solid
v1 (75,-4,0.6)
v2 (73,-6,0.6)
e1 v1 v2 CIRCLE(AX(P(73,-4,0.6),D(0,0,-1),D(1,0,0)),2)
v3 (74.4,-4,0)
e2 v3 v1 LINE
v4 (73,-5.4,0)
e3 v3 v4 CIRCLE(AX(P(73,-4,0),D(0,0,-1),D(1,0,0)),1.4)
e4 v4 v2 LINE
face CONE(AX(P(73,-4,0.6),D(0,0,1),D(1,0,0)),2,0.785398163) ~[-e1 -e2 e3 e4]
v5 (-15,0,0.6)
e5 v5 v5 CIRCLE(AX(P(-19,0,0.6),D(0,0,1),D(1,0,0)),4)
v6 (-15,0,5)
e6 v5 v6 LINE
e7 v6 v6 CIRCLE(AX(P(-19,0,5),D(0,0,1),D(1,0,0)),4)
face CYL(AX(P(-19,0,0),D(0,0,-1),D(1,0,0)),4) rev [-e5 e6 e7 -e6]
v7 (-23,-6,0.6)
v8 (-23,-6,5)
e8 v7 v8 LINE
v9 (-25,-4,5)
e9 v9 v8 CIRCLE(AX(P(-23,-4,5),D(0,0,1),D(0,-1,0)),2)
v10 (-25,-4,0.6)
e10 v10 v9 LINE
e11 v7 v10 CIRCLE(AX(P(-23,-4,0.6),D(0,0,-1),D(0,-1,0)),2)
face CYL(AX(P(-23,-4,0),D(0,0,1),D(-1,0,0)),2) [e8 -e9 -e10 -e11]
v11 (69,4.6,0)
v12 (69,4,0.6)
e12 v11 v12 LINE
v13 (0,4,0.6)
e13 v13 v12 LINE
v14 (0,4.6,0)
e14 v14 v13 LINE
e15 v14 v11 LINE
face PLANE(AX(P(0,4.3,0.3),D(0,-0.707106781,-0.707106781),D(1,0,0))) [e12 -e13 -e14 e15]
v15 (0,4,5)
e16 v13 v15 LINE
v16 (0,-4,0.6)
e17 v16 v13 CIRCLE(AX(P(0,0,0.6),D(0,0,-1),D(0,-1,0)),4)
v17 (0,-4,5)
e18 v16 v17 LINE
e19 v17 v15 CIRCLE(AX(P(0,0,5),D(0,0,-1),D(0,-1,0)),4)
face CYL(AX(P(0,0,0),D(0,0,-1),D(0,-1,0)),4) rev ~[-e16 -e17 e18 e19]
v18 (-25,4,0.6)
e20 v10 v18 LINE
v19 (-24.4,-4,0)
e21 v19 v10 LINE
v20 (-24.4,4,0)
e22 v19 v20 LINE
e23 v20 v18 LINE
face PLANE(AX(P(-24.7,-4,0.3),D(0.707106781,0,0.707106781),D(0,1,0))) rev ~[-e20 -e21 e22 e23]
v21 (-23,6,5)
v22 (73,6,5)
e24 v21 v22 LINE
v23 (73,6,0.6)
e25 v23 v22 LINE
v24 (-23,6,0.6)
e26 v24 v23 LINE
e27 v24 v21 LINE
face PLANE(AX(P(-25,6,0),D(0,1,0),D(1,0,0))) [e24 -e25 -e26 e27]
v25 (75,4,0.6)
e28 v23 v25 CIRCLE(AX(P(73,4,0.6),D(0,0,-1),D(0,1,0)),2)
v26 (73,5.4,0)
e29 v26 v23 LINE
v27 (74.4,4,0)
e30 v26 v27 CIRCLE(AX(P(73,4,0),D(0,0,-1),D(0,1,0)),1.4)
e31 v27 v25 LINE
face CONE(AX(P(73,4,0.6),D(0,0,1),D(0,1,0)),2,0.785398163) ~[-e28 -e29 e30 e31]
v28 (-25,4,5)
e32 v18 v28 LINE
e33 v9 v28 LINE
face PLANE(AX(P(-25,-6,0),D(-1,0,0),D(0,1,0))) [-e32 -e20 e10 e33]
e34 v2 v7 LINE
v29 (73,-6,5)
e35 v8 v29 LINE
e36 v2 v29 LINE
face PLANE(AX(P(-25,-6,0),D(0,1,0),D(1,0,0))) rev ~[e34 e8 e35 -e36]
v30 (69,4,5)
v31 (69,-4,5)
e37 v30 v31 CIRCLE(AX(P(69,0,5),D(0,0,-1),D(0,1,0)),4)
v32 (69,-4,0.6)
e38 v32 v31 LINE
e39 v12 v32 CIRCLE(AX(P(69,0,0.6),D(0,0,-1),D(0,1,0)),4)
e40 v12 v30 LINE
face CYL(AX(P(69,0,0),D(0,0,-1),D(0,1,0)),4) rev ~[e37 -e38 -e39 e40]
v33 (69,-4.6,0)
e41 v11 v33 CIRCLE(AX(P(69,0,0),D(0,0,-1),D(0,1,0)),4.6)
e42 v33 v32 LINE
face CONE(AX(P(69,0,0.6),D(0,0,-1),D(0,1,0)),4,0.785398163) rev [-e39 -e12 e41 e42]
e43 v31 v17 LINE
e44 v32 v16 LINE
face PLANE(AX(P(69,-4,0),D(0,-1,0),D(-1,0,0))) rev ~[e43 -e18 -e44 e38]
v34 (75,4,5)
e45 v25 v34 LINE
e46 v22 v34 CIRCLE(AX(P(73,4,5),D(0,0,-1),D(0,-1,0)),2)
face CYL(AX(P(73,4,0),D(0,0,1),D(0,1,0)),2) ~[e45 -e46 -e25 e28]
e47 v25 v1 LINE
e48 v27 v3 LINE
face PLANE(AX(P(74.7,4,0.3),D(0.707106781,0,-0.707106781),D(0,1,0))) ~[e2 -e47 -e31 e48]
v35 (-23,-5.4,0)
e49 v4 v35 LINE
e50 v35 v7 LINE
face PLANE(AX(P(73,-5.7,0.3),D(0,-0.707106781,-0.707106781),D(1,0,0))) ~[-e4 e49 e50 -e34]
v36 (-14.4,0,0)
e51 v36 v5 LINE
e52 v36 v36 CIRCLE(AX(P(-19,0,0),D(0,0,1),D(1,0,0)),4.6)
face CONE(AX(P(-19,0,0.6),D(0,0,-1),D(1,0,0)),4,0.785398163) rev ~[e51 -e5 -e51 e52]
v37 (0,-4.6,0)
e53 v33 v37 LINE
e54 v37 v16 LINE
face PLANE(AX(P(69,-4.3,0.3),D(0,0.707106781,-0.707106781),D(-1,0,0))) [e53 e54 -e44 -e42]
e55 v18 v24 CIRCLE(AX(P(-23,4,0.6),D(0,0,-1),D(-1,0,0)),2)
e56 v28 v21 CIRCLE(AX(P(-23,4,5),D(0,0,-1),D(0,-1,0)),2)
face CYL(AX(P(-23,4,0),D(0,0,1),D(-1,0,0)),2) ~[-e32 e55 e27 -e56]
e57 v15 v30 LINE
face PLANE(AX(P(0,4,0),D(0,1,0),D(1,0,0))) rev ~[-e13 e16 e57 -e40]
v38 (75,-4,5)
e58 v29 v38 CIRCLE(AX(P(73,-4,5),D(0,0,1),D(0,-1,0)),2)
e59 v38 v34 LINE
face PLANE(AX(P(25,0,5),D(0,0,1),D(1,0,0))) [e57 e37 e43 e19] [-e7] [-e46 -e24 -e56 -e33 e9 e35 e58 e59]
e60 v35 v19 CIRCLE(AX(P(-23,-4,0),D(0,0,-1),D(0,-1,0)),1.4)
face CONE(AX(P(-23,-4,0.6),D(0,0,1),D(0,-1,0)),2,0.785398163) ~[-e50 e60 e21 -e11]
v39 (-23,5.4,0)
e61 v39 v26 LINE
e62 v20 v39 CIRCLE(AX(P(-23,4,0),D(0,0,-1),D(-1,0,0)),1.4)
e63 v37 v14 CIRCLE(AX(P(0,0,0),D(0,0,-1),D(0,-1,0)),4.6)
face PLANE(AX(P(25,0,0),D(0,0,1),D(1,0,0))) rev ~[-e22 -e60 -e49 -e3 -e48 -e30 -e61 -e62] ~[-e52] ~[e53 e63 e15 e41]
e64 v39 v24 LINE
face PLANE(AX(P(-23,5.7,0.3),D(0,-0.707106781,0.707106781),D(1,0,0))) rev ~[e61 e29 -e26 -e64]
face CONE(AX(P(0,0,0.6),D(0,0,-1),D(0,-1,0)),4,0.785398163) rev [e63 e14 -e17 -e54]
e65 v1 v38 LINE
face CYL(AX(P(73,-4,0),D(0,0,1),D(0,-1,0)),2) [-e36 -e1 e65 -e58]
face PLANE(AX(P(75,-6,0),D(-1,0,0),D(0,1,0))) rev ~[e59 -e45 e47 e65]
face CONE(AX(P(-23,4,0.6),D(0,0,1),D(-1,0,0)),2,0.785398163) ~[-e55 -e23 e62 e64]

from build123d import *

# Parameters (mm, degrees)
F0_W     = 100
F0_H     = 12
F0_R     = 4
F1_DEPTH = 5
F2_R     = 2
F3_SIZE  = 0.6


with BuildPart() as f1:
    # F0 (on Top) → F1 (new body)
    with BuildSketch(Plane.XY):
        with Locations((25, 0)):
            Rectangle(F0_W, F0_H)
        with Locations((-19, 0)):
            Circle(F0_R, mode=Mode.SUBTRACT)
        with BuildLine():
            Line((69, -4), (0, -4))
            ThreePointArc((0, -4), (-4, 0), (0, 4))
            Line((0, 4), (69, 4))
            ThreePointArc((69, 4), (73, 0), (69, -4))
        make_face(mode=Mode.SUBTRACT)
    extrude(amount=F1_DEPTH)

    # F2
    f2_edges = [f1.edges().sort_by_distance(p)[0] for p in [
        (-25, -6, 2.5),
        (-25, 6, 2.5),
        (75, 6, 2.5),
        (75, -6, 2.5),
    ]]
    fillet(f2_edges, radius=F2_R)

    # F3
    f3_edges = [f1.edges().sort_by_distance(p)[0] for p in [
        (25, 6, 0),
        (74.414214, 5.414214, 0),
        (-24.414214, 5.414214, 0),
        (75, 0, 0),
        (-25, 0, 0),
        (74.414214, -5.414214, 0),
        (-24.414214, -5.414214, 0),
        (25, -6, 0),
        (-23, 0, 0),
        (34.5, 4, 0),
        (73, 0, 0),
        (34.5, -4, 0),
        (-4, 0, 0),
    ]]
    chamfer(f3_edges, length=F3_SIZE)


solid = f1.part
